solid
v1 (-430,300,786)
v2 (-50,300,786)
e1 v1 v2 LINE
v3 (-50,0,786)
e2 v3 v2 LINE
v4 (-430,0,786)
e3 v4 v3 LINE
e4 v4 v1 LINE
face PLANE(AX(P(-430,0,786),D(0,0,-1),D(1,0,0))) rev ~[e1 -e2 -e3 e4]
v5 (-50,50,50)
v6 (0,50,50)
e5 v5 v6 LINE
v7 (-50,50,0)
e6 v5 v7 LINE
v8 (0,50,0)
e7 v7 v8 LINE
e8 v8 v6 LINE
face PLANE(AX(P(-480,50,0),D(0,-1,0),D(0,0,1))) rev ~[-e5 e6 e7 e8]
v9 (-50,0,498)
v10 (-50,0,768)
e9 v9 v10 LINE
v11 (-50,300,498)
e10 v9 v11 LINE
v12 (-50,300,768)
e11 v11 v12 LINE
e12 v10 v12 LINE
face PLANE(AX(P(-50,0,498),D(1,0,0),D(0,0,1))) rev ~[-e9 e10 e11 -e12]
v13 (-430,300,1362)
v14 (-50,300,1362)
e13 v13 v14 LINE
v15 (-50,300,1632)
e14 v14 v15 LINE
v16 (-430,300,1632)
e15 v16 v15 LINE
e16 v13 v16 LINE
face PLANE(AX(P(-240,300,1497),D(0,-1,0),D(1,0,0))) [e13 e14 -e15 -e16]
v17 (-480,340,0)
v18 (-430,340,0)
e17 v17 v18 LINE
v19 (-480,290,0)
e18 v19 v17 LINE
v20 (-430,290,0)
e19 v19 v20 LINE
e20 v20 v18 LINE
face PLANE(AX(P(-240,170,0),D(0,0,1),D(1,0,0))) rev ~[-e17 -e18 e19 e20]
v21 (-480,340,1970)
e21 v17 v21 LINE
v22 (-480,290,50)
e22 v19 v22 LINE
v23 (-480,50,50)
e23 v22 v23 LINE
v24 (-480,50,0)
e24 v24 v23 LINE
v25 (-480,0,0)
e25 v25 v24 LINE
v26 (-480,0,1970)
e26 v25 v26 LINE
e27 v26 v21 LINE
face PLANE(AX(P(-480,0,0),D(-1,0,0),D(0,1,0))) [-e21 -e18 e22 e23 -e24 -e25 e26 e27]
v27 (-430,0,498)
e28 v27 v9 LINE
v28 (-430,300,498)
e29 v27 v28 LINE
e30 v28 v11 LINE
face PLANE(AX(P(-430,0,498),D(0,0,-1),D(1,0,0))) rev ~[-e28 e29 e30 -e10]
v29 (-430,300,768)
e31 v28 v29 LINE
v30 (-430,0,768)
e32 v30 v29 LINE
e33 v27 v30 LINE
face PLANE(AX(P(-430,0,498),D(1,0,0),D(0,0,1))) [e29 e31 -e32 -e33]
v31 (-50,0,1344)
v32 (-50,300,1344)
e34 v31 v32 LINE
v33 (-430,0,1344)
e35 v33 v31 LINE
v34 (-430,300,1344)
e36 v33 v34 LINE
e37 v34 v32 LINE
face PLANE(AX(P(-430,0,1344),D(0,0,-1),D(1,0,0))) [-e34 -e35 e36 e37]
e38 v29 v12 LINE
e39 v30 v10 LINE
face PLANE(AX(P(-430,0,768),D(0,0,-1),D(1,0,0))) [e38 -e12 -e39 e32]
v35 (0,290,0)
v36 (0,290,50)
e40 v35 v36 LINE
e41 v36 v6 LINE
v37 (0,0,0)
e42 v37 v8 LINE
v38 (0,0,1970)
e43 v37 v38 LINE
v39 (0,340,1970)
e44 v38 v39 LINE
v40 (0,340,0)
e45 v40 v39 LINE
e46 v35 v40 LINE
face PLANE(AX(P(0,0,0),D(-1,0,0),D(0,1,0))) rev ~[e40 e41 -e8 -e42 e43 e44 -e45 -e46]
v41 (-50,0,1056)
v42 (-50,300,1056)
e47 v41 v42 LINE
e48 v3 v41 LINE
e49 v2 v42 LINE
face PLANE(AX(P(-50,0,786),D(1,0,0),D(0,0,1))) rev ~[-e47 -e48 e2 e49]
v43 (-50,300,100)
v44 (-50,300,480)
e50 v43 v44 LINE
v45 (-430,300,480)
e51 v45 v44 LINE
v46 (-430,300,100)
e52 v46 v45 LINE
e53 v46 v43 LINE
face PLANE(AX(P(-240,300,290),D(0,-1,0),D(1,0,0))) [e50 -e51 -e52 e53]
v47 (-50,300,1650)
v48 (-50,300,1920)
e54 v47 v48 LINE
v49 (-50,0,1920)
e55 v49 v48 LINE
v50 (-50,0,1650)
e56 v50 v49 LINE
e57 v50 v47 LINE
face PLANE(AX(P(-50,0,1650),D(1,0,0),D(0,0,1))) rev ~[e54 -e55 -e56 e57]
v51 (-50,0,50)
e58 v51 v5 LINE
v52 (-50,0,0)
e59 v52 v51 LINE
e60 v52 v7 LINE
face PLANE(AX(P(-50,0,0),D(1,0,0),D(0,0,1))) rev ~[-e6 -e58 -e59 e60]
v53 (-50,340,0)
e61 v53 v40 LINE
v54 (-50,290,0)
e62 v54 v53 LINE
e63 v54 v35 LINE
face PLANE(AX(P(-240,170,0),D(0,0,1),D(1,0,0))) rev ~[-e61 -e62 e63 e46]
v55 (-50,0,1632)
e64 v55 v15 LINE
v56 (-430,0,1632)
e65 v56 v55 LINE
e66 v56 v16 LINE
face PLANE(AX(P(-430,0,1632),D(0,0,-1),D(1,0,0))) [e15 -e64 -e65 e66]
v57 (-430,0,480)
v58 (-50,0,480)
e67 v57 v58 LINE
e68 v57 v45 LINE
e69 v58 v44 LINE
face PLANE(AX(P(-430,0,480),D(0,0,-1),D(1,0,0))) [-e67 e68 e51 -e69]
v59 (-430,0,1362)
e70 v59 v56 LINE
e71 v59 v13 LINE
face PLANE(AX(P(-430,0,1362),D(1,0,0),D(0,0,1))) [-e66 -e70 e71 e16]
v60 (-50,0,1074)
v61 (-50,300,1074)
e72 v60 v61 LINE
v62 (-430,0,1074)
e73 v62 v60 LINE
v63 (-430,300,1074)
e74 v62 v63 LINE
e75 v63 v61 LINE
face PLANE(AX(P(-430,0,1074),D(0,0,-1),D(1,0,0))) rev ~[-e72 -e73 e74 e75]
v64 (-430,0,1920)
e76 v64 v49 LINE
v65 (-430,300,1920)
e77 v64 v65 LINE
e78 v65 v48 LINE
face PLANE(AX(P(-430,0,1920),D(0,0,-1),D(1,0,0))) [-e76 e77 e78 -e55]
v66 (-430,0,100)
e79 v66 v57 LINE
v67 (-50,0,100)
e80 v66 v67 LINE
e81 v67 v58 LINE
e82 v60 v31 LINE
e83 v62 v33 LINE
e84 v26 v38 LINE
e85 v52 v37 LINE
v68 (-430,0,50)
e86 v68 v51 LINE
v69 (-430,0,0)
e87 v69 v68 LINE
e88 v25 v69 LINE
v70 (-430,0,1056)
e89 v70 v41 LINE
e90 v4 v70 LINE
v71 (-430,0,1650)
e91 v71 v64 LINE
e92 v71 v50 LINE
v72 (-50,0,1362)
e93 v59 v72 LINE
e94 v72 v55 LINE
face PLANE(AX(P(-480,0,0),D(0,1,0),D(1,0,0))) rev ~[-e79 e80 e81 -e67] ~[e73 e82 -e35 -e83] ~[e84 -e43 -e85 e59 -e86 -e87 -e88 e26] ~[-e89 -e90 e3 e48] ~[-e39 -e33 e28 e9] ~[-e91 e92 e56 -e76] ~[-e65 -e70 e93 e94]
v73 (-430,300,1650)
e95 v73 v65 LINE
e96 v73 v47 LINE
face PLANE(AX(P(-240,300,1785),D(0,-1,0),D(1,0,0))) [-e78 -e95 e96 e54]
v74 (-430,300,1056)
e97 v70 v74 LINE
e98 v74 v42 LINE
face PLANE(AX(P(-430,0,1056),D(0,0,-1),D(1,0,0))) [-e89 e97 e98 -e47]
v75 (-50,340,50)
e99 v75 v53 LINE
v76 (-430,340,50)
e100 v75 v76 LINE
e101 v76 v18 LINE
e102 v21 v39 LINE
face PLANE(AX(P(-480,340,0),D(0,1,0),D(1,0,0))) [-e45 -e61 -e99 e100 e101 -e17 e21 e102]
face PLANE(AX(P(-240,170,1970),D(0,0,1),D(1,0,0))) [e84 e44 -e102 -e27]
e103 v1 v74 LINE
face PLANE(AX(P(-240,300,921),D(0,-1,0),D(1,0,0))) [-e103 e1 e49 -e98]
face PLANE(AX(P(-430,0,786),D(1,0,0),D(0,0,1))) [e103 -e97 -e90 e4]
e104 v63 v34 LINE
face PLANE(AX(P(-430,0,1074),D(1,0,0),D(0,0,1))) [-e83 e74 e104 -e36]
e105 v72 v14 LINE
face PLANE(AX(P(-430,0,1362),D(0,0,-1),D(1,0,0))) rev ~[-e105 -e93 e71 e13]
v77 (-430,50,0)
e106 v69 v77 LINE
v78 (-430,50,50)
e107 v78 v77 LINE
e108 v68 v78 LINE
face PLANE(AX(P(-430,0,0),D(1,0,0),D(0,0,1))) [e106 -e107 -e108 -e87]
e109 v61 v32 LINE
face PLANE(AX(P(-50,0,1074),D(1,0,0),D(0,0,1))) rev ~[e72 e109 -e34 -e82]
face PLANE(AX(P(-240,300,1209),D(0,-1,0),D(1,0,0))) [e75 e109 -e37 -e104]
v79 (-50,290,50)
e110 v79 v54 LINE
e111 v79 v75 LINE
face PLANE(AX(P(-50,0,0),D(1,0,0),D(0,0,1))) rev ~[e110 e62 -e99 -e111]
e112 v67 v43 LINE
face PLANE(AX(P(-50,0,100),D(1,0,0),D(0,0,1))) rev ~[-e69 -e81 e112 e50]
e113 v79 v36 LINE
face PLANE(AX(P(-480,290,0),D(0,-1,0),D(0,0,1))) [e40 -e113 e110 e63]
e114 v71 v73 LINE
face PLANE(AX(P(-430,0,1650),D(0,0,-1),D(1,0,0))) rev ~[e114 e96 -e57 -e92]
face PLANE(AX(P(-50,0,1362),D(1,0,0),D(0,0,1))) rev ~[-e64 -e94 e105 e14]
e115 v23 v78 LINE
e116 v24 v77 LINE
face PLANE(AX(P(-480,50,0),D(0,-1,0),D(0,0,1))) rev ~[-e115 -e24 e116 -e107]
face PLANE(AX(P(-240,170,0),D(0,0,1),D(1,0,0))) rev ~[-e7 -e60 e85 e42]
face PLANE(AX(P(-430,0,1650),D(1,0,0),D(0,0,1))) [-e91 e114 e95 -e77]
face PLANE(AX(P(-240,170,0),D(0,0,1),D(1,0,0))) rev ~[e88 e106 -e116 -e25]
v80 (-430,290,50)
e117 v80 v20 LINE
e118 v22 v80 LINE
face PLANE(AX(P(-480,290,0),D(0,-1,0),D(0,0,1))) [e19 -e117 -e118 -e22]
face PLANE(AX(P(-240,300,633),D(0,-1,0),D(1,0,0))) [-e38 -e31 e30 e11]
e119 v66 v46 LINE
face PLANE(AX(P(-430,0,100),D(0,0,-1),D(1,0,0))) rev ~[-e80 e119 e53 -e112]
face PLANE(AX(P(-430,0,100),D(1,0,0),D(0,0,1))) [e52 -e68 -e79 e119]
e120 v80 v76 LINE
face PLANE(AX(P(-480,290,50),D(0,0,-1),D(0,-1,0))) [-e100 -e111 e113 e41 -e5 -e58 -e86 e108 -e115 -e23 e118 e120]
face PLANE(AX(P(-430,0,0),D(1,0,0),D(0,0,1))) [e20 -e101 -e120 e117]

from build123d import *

# Parameters (mm, degrees)
F0_W     = 480
F0_H     = 340
F1_DEPTH = 1970
F2_W     = 380
F2_H     = 50
F3_DEPTH = 350
F2_H_2   = 380
F2_H_3   = 270
F4_DEPTH = 300
F5_W     = 240
F5_H     = 50
F6_DEPTH = 895


with BuildPart() as f1:
    # F0 (on Top) → F1 (new body)
    with BuildSketch(Plane.XY):
        with Locations((-240, 170)):
            Rectangle(F0_W, F0_H)
    extrude(amount=F1_DEPTH)

    # F2 (on face) → F3 (cut)
    with BuildSketch(Plane.XZ):
        with Locations((-240, 25)):
            Rectangle(F2_W, F2_H)
    extrude(amount=-F3_DEPTH, mode=Mode.SUBTRACT)

    # F2 (on face) → F4 (cut)
    with BuildSketch(Plane.XZ):
        with Locations((-240, 290)):
            Rectangle(F2_W, F2_H_2)
        with Locations((-240, 633)):
            Rectangle(F2_W, F2_H_3)
        with Locations((-240, 921)):
            Rectangle(F2_W, F2_H_3)
        with Locations((-240, 1209)):
            Rectangle(F2_W, F2_H_3)
        with Locations((-240, 1497)):
            Rectangle(F2_W, F2_H_3)
        with Locations((-240, 1785)):
            Rectangle(F2_W, F2_H_3)
    extrude(amount=-F4_DEPTH, mode=Mode.SUBTRACT)

    # F5 (on face) → F6 (cut)
    with BuildSketch(Plane(origin=(-480, 0, 0), x_dir=(0, -1, 0), z_dir=(-1, 0, 0))):
        with Locations((-170, 25)):
            Rectangle(F5_W, F5_H)
    extrude(amount=-F6_DEPTH, mode=Mode.SUBTRACT)


solid = f1.part
